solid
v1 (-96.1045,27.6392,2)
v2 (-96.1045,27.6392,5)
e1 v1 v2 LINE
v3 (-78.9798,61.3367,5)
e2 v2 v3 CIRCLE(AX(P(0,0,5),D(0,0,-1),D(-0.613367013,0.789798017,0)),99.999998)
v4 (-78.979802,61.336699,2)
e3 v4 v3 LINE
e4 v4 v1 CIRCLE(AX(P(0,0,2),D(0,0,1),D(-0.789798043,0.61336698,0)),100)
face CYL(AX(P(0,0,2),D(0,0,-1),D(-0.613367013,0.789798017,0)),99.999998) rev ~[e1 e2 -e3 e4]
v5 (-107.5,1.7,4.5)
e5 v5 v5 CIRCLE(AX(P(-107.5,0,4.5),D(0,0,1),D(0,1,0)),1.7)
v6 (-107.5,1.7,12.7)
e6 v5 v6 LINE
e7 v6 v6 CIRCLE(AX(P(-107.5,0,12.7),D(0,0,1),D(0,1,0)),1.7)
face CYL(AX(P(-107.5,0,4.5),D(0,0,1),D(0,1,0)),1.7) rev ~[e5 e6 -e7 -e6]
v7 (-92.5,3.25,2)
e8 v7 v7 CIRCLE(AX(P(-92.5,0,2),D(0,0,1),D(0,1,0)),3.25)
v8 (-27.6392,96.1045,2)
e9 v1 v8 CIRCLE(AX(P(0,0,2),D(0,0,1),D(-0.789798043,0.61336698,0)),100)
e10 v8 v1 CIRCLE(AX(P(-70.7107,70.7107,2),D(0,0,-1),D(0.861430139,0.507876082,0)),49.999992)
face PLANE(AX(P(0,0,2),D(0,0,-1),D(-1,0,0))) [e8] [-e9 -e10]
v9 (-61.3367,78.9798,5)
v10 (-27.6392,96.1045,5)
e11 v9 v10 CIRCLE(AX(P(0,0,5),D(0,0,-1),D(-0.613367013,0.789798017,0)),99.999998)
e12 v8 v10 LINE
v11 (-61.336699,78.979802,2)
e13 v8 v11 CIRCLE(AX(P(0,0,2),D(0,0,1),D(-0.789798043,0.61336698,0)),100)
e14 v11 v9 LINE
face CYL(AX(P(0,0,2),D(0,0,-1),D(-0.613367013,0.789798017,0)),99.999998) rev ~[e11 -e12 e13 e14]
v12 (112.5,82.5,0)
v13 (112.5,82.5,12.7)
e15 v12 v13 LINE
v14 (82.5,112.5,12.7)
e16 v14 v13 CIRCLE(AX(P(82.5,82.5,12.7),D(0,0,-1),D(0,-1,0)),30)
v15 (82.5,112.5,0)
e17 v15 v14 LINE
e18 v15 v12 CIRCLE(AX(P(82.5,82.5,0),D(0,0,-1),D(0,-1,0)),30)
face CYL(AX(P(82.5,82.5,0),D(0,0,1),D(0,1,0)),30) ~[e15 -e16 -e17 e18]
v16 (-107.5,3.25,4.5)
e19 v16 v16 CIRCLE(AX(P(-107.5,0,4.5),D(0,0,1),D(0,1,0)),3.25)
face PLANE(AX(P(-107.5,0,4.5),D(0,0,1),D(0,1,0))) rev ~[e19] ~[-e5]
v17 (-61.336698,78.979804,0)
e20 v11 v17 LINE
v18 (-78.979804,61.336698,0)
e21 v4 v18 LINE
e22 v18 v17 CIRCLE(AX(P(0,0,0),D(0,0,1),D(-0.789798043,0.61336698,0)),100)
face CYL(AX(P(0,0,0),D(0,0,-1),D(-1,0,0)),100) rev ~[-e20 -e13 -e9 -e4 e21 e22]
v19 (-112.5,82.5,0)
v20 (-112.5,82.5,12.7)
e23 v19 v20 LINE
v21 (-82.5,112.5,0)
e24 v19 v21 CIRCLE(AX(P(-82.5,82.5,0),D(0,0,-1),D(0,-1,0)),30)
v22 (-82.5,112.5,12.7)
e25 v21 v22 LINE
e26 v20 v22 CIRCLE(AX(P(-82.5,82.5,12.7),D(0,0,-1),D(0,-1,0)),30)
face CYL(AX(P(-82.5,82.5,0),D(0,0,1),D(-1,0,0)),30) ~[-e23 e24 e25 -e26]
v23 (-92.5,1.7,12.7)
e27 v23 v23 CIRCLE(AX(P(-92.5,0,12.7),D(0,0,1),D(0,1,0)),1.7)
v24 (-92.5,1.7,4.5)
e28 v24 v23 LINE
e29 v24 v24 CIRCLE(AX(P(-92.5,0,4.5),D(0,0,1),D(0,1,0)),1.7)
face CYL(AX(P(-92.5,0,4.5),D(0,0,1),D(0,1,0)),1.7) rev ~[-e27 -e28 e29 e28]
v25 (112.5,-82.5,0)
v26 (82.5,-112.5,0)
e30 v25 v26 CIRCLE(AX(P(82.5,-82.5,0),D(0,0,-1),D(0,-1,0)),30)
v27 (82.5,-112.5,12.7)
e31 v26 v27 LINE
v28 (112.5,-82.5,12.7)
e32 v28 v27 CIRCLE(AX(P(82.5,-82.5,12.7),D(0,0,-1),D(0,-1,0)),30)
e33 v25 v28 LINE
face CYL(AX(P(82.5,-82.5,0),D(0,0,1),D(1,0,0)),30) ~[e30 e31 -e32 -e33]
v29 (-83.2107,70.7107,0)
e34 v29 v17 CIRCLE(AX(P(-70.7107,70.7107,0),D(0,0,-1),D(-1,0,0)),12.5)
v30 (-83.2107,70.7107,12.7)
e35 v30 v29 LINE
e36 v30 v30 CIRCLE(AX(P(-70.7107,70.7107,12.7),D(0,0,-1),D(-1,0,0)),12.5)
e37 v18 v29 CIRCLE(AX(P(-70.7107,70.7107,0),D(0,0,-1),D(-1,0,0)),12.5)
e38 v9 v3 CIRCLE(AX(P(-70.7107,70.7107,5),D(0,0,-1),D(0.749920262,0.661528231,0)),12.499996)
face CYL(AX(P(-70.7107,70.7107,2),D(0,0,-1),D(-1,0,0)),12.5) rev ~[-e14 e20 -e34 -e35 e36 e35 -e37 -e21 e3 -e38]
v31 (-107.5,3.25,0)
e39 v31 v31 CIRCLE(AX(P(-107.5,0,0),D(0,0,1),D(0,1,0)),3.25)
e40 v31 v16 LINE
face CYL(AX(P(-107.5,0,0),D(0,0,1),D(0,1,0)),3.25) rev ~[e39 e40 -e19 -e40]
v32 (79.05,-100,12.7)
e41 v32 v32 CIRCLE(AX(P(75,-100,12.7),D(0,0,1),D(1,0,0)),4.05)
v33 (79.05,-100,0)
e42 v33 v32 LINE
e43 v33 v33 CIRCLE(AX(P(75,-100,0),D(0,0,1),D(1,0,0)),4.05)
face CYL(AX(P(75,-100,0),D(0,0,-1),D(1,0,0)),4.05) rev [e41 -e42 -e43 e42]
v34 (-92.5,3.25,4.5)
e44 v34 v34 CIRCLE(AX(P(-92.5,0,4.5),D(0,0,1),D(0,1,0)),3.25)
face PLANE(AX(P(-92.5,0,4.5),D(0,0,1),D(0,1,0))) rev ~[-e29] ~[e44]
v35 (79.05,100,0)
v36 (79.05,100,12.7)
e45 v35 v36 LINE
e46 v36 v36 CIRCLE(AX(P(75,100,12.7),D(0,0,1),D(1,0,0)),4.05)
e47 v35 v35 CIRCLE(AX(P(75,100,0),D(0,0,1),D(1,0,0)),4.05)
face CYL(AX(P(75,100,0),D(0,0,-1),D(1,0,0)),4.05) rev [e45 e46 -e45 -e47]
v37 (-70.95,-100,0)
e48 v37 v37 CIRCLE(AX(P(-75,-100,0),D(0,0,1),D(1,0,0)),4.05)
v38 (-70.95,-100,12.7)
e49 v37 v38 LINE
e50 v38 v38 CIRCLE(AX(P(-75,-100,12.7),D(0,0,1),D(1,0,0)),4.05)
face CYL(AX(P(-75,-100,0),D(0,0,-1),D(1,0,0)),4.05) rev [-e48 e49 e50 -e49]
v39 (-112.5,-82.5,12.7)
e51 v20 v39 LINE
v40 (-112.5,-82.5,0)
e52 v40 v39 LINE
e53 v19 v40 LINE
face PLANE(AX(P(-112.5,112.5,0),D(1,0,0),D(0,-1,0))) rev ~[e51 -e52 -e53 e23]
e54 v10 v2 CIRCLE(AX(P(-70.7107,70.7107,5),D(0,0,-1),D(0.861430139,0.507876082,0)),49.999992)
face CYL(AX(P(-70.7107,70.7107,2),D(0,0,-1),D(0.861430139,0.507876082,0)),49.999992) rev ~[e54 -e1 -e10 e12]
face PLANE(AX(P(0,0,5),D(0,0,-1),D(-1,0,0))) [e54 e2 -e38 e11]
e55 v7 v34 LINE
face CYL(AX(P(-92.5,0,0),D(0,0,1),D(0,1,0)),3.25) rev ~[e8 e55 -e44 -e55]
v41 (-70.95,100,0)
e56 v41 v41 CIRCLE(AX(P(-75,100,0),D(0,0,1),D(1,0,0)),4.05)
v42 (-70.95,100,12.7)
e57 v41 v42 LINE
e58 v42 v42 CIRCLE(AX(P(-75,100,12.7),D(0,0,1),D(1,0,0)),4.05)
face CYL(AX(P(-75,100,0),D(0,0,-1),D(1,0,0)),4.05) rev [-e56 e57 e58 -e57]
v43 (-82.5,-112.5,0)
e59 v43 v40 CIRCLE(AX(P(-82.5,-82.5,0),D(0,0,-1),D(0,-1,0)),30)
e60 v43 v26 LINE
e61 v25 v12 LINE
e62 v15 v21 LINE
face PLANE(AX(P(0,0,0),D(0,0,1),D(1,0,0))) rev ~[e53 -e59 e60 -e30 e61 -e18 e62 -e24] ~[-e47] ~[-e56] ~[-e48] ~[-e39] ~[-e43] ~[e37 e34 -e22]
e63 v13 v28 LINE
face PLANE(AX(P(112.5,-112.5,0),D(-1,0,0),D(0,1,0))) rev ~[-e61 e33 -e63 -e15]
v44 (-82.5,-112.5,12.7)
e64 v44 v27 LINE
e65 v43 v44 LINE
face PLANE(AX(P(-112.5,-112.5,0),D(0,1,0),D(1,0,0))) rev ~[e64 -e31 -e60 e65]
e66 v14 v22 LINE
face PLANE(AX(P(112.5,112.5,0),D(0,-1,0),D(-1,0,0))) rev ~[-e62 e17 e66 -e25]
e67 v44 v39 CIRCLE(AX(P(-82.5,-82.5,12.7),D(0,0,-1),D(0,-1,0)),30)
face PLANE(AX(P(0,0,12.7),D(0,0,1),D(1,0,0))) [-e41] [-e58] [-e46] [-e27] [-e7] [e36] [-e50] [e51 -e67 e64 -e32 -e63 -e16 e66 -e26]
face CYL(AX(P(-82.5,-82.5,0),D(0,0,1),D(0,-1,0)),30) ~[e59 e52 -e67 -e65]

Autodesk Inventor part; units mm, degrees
ref_plane "YZ Plane" through (0, 0, 0) normal (1, 0, 0) x (0, 1, 0)
ref_plane "XZ Plane" through (0, 0, 0) normal (0, 1, 0) x (-1, 0, 0)
ref_plane "XY Plane" through (0, 0, 0) normal (0, 0, 1) x (1, 0, 0)
sketch "Sketch1" plane through (0, 0, 0) normal (0, 0, 1) x (1, 0, 0)
  circle A0 centre (0, 0) radius 100 construction
  line L0 (112.5, 0) -> (112.5, 112.5)
  line L1 (112.5, 112.5) -> (-112.5, 112.5)
  line L2 (-112.5, 112.5) -> (-112.5, -112.5)
  line L3 (-112.5, -112.5) -> (112.5, -112.5)
  line L4 (112.5, -112.5) -> (112.5, 0)
  circle A1 centre (-75, -100) radius 4.05
  circle A2 centre (75, -100) radius 4.05
  line L5 (75, -100) -> (-75, -100) construction
  line L6 (-75, -100) -> (-75, 100) construction
  line L7 (-75, 100) -> (75, 100) construction
  line L8 (75, 100) -> (75, -100) construction
  circle A3 centre (-75, 100) radius 4.05
  circle A4 centre (75, 100) radius 4.05
  point P0 (0, 112.5)
  point P1 (75, 0)
  dimension "d0" = 200
  dimension "d2" = 225
  dimension "d3" = 225
  dimension "d4" = 150
  dimension "d5" = 37.5
  dimension "d6" = 12.5
  dimension "d7" = 8.1
extrude "Extrusion1" add sketch "Sketch1" along normal blind 12.7
fillet "Fillet1" radius 30 4 edges at (-112.5, -112.5, 6.35) (-112.5, 112.5, 6.35) (112.5, -112.5, 6.35) (112.5, 112.5, 6.35)
sketch "Sketch2" plane through (0, 0, 0) normal (0, 0, -1) x (-1, 0, 0)
  circle A0 centre (0, 0) radius 100
  dimension "d14" = 200
extrude "Extrusion2" cut sketch "Sketch2" against normal blind 2
sketch "Sketch4" plane through (0, 0, 0) normal (0, 0, -1) x (-1, 0, 0)
  circle A0 centre (92.5, 0) radius 1.55
  circle A1 centre (107.5, 0) radius 1.55
  circle A2 centre (0, 0) radius 100 projected
  line L0 (112.5, 82.5) -> (112.5, -82.5) projected
  dimension "d44" = 15
  dimension "d45" = 0
  dimension "d46" = 5
  dimension "d47" = 3.1
hole "Hole1" at (-92.5, 0, 0) at (-107.5, 0, 0) direction (0, 0, 1) diameter 3.4 end through all counterbore diameter 6.5 counterbore depth 4.5 clearance for "Socket Head Cap Screw" size "M3" standard "Ansi Metric M Profile"
sketch "Sketch5" plane through (0, 0, 2) normal (0, 0, -1) x (-1, 0, 0)
  circle A0 centre (0, 0) radius 100 projected
  circle A1 centre (70.7107, 70.7107) radius 12.5
  line L0 (0, 0) -> (70.7107, 70.7107) construction
  line L1 (82.5, -112.5) -> (-82.5, -112.5) construction
  dimension "d32" = 25
  dimension "d35" = 45
extrude "Extrusion4" cut sketch "Sketch5" along normal through all both and the other way through all contours A1 A0 | A0 A1 picked at (68.0843, 67.4022) picked at (73.7867, 73.4347)
sketch "Sketch6" plane through (0, 0, 2) normal (0, 0, -1) x (-1, 0, 0)
  arc A0 (61.3367, 78.9798) -> (78.9798, 61.3367) centre (70.7107, 70.7107) ccw projected
  arc A1 (61.3367, 78.9798) -> (78.9798, 61.3367) centre (0, 0) ccw projected
  arc A2 (27.6392, 96.1045) -> (96.1045, 27.6392) centre (70.7107, 70.7107) ccw
  dimension "d39" = 50
extrude "Extrusion5" cut sketch "Sketch6" against normal blind 3 contours A0 A1 A2
properties part number "board"
